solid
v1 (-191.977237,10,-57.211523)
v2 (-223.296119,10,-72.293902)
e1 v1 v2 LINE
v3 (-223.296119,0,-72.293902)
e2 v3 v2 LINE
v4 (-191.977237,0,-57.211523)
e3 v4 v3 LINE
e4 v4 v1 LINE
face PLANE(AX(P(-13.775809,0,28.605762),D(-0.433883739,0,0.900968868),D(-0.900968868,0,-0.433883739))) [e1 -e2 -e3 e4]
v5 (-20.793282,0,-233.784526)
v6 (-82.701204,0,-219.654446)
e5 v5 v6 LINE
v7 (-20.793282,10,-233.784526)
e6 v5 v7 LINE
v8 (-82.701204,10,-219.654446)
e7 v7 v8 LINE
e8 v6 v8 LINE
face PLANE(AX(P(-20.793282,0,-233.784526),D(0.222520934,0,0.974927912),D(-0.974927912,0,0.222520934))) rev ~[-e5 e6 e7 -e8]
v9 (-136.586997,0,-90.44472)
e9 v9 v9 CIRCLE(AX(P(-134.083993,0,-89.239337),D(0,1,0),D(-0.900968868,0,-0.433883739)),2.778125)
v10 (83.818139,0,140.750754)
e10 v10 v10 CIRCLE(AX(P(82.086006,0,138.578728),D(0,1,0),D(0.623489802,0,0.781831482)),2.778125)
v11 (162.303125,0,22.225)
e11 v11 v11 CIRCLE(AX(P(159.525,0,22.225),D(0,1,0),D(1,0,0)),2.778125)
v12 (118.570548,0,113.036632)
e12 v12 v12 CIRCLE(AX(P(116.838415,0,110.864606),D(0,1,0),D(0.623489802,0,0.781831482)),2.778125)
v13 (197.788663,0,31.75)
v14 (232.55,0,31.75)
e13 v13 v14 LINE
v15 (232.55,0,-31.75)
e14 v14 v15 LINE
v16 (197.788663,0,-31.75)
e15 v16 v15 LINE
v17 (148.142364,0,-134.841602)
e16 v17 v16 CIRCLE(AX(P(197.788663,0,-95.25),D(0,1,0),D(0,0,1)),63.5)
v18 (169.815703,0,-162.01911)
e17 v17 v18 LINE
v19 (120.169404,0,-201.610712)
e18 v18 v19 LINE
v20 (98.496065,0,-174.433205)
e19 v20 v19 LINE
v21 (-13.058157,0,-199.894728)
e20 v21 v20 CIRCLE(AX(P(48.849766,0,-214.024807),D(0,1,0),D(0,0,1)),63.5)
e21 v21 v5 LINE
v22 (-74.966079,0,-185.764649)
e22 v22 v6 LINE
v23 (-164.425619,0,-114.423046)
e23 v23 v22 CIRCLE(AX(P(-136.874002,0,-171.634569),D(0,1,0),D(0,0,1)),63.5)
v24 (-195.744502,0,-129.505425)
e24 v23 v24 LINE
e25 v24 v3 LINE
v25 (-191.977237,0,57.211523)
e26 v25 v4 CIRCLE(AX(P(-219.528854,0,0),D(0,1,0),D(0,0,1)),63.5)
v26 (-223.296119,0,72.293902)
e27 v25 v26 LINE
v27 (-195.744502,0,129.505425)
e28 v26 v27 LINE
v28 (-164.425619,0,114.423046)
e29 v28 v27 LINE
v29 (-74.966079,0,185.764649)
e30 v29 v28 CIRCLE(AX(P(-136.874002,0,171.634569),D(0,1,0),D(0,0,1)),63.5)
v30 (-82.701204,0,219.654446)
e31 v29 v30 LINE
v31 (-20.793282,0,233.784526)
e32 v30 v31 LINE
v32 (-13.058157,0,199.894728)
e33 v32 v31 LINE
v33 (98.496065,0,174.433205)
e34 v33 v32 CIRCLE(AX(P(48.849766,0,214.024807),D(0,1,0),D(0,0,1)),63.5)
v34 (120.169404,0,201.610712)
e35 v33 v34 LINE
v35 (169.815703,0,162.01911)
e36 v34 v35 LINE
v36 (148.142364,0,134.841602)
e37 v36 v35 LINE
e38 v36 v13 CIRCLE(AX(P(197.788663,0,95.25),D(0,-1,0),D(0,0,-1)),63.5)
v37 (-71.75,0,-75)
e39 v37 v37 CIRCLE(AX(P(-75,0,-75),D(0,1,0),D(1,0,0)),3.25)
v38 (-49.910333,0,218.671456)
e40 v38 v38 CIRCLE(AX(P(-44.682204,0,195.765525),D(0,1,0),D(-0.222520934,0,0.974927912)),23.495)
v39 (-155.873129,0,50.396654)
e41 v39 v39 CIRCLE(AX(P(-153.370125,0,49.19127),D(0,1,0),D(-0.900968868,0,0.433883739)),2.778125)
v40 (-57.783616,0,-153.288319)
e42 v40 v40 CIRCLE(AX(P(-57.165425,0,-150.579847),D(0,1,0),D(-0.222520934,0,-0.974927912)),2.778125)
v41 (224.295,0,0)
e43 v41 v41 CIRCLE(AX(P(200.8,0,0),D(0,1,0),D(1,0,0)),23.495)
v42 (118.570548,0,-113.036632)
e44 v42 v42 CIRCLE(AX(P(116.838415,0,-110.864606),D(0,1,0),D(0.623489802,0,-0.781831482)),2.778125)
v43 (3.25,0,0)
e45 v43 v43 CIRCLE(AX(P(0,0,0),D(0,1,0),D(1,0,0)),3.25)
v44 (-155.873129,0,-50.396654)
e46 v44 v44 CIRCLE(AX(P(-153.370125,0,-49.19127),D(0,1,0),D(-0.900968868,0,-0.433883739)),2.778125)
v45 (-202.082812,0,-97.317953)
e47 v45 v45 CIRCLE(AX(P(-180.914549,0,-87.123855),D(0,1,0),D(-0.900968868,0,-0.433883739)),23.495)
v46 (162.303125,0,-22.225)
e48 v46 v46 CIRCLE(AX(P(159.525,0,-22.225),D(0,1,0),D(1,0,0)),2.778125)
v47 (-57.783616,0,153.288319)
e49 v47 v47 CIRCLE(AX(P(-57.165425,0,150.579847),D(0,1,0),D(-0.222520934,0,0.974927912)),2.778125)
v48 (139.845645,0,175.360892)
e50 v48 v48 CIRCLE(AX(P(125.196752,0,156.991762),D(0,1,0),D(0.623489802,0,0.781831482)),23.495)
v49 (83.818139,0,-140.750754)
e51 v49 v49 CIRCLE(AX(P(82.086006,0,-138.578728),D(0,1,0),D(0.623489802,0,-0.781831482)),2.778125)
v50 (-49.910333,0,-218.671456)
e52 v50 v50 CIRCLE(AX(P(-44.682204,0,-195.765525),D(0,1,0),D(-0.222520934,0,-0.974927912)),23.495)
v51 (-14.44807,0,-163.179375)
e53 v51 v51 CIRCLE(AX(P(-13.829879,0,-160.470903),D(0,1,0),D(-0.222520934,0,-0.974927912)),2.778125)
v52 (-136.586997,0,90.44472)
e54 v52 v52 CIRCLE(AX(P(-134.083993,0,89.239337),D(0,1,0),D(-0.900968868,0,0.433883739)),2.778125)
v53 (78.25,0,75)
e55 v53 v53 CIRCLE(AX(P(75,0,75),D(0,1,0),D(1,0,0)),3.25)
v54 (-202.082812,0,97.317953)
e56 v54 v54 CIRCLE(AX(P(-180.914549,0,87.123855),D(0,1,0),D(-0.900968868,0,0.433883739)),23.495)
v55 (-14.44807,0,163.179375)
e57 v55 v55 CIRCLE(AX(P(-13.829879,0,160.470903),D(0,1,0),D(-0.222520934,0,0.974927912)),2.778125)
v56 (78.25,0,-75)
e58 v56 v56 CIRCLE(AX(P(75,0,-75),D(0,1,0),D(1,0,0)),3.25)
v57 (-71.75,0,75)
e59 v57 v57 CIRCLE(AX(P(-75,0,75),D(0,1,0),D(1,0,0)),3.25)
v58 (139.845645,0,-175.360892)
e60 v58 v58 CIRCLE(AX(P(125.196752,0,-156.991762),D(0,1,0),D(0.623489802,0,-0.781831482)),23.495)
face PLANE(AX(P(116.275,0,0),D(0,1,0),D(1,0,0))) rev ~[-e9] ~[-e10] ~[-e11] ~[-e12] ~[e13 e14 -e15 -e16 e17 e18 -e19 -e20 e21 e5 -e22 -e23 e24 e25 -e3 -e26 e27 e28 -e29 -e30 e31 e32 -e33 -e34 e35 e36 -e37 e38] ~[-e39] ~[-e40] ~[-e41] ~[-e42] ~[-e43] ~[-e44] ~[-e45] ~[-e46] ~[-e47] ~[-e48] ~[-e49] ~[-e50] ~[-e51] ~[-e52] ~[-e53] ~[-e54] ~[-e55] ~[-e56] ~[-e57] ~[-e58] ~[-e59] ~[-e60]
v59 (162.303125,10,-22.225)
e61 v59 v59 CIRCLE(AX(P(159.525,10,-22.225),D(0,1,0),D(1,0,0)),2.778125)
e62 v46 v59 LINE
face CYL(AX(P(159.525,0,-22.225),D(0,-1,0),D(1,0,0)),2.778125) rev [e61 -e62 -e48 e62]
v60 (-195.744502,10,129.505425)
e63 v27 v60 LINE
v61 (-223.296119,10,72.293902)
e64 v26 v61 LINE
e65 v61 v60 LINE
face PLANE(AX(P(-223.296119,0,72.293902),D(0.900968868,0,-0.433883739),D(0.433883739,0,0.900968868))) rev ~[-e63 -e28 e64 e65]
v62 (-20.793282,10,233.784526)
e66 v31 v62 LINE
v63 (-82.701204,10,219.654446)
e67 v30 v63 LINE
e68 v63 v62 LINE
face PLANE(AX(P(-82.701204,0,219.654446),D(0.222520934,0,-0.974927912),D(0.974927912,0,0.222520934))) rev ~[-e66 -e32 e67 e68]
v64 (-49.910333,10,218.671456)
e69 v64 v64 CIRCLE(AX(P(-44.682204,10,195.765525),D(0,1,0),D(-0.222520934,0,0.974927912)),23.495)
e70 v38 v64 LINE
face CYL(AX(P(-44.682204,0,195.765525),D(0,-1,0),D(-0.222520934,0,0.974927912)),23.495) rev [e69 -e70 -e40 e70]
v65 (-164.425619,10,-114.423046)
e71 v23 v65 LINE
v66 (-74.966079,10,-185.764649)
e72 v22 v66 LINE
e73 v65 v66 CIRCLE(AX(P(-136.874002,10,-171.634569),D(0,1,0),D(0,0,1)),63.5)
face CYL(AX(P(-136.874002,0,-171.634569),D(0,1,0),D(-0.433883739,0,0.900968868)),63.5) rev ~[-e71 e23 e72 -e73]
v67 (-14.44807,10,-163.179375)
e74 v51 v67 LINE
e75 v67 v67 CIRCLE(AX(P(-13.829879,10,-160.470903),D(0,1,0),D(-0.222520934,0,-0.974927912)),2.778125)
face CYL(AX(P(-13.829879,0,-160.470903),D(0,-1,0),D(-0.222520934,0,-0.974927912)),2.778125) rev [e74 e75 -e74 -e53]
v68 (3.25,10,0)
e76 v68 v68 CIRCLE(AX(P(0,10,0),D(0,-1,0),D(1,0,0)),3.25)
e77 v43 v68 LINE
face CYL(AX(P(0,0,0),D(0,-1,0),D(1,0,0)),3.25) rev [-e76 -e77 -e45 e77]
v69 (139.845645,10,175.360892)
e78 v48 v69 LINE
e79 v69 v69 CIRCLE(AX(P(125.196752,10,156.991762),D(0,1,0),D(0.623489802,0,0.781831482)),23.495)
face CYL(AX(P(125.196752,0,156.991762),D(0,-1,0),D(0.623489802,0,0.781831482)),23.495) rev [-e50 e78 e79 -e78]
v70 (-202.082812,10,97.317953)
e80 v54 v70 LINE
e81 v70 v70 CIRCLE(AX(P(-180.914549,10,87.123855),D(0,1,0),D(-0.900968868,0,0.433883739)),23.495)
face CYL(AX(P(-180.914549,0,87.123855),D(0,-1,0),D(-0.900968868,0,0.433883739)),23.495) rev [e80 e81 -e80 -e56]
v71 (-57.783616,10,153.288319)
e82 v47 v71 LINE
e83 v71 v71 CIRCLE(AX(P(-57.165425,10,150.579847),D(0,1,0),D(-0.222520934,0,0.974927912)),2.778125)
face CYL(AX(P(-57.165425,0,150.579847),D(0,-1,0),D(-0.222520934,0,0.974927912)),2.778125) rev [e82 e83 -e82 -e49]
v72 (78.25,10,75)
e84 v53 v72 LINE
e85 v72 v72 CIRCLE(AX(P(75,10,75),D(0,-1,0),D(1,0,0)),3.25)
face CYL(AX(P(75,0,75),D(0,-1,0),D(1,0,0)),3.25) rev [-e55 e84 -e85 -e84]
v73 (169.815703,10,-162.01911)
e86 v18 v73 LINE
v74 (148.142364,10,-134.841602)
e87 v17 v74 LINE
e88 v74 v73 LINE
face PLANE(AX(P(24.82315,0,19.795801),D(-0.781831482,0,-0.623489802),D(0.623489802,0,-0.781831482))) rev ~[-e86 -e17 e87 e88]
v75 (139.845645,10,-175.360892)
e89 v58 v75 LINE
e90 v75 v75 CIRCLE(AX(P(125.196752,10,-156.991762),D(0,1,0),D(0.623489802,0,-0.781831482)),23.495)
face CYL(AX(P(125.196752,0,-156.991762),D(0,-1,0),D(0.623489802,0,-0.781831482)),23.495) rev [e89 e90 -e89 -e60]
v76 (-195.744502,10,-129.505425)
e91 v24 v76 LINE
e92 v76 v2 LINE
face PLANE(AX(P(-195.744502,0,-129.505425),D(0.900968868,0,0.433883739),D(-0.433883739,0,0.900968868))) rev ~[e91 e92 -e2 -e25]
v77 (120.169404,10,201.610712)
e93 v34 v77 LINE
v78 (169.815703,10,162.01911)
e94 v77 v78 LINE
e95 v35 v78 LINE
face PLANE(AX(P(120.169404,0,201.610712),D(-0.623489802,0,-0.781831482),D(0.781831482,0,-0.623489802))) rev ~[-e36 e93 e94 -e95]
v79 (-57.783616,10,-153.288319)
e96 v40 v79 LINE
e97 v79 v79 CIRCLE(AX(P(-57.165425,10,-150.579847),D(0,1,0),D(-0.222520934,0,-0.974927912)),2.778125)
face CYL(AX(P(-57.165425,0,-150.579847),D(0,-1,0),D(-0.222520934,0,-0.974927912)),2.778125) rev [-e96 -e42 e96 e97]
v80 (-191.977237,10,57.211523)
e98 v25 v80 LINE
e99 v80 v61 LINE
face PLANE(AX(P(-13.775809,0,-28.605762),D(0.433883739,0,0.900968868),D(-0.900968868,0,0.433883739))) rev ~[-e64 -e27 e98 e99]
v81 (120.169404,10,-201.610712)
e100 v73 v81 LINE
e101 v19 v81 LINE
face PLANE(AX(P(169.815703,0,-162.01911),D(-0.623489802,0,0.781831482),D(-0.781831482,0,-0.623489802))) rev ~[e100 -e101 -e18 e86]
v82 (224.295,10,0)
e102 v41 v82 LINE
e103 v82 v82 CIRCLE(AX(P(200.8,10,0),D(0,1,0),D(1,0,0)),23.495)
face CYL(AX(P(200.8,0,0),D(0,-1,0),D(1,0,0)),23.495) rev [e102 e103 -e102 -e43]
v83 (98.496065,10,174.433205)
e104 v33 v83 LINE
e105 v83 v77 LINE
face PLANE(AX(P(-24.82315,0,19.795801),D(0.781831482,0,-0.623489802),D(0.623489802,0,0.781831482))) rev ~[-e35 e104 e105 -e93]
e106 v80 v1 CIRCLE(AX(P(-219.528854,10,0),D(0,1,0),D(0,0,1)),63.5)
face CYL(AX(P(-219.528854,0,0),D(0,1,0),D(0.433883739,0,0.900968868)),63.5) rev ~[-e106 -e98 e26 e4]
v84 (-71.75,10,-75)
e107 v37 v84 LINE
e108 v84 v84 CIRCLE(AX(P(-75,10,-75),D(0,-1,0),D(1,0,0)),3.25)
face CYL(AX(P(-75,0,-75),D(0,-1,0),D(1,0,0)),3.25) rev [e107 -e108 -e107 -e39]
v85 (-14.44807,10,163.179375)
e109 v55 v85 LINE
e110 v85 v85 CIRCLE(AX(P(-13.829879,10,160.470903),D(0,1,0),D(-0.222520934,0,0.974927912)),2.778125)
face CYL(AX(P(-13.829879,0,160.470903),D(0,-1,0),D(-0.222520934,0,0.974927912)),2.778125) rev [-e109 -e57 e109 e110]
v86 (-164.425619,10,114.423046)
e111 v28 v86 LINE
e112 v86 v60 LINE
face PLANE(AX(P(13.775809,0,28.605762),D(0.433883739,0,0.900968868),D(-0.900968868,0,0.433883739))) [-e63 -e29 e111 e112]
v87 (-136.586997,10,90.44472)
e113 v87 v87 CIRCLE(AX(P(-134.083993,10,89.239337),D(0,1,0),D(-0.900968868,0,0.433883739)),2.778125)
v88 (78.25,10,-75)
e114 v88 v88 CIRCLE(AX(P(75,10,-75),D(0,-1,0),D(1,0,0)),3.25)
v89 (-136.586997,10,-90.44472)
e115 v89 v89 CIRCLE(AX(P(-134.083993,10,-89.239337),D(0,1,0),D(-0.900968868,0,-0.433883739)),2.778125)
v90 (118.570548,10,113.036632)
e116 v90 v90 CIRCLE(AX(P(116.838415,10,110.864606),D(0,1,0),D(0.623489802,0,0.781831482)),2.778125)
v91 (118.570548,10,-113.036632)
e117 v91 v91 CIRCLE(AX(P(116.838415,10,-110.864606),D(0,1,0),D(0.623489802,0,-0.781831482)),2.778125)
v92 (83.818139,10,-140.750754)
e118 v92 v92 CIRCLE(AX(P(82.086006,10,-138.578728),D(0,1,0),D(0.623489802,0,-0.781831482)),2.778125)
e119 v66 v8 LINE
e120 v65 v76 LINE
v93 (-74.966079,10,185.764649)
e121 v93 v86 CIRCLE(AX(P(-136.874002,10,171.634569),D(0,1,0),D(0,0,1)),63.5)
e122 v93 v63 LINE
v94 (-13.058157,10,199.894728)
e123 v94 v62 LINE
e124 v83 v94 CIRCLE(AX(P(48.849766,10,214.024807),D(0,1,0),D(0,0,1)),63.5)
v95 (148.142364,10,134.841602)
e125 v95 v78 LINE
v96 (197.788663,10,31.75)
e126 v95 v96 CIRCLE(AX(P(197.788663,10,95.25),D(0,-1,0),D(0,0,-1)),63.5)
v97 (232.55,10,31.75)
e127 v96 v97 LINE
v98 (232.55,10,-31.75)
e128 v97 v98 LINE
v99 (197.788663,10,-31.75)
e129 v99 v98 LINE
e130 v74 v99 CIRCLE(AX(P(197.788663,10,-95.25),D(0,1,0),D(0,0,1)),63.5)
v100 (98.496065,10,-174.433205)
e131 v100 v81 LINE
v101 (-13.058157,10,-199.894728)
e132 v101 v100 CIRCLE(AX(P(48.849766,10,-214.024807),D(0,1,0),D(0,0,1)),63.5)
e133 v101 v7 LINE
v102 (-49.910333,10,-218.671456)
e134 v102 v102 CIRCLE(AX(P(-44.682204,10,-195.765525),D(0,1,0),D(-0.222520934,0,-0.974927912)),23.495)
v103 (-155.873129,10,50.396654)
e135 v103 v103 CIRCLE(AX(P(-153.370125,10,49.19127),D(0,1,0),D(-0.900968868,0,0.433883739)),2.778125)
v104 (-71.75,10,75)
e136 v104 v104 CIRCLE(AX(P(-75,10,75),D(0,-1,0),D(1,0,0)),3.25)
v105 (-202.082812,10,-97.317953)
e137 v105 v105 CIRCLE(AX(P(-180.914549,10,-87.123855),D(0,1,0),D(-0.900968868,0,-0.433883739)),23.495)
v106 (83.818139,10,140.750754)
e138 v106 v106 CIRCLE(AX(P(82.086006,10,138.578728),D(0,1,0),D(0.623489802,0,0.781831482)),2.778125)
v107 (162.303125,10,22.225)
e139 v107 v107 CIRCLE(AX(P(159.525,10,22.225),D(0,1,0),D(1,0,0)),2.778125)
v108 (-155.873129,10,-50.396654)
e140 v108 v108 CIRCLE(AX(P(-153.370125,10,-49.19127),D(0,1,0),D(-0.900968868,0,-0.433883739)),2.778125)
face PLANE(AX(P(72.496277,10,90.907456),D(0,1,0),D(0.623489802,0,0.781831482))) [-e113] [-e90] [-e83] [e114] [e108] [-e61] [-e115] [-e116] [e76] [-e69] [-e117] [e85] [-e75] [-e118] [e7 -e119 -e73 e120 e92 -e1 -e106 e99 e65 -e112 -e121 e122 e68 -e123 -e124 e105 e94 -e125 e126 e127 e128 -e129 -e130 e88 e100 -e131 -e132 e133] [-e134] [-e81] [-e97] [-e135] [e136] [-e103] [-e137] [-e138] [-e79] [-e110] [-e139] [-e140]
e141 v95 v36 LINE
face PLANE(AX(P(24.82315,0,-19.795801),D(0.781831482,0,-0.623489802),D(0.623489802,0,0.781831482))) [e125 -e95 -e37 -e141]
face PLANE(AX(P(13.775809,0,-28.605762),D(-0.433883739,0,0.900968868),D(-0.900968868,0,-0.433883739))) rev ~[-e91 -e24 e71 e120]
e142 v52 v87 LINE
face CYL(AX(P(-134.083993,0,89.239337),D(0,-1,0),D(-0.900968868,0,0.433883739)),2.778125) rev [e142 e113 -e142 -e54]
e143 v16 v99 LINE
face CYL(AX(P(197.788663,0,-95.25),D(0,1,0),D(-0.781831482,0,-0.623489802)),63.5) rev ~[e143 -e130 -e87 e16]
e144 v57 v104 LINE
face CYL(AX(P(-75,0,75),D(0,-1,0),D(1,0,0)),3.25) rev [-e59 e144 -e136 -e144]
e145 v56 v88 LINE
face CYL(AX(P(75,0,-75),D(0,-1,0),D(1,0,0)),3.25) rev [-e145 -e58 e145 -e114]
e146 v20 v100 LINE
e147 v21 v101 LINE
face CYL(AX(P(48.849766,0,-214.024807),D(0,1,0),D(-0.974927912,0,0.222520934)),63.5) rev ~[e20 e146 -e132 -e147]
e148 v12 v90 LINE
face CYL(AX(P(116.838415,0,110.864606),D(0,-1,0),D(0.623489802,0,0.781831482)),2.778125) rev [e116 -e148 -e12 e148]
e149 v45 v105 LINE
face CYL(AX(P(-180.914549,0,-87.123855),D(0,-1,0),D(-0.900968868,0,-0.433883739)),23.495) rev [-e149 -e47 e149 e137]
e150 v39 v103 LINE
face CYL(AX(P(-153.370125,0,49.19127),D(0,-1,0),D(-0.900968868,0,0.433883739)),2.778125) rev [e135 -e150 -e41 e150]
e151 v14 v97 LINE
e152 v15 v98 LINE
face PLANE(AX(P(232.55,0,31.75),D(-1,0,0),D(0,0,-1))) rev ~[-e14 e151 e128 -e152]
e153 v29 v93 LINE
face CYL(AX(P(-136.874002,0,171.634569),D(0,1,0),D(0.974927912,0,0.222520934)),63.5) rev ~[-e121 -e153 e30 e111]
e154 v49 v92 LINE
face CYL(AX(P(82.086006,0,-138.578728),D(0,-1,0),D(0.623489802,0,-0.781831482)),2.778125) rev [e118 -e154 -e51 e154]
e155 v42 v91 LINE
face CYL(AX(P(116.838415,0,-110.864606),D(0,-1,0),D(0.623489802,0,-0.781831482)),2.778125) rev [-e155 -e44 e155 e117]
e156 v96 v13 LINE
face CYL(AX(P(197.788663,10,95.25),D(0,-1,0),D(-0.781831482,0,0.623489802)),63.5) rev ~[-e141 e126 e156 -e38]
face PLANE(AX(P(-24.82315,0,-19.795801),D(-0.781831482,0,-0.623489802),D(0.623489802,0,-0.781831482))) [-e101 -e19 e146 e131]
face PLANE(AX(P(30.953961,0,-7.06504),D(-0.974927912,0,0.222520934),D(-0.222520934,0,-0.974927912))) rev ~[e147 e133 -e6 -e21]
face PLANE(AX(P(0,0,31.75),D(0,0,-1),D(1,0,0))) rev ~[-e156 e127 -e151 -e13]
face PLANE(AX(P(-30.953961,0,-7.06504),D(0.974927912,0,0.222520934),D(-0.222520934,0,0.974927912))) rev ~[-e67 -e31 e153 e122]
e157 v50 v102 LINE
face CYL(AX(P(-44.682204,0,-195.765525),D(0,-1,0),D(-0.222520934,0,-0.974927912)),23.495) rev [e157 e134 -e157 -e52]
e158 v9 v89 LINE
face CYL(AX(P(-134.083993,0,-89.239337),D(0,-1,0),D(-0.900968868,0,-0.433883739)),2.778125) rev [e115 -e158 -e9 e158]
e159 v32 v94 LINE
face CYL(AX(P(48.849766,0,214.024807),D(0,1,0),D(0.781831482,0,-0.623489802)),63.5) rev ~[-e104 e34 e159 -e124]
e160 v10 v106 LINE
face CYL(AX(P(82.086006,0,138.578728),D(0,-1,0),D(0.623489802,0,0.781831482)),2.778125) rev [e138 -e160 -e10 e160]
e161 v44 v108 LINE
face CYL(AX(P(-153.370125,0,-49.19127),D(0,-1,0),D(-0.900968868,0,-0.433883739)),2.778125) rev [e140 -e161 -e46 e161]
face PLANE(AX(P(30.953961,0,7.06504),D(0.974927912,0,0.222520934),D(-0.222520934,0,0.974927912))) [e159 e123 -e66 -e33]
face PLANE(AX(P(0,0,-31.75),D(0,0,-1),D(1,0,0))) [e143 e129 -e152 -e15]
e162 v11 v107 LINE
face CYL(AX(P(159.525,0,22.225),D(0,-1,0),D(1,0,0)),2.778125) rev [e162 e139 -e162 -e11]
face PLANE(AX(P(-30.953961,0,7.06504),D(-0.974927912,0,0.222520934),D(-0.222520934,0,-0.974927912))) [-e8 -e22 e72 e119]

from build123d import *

# Parameters (mm, degrees)
SKETCH3_W           = 232.55
SKETCH3_H           = 63.5
SKETCH3_R           = 2.778125
SKETCH3_R_2         = 23.495
BOSS_EXTRUDE1_DEPTH = 10
CIRPATTERN1_COUNT   = 7
FILLET1_R           = 63.5
SKETCH4_R           = 3.25
CUT_EXTRUDE1_DEPTH  = 11


with BuildPart() as part:
    # Sketch3 → Boss-Extrude1 (new body)
    with BuildSketch(Plane(origin=(0, 0, 0), x_dir=(1, 0, 0), z_dir=(0, 1, 0))):
        with Locations((116.275, 0)):
            Rectangle(SKETCH3_W, SKETCH3_H)
        with Locations((159.525, 22.225)):
            Circle(SKETCH3_R, mode=Mode.SUBTRACT)
        with Locations((159.525, -22.225)):
            Circle(SKETCH3_R, mode=Mode.SUBTRACT)
        with Locations((200.8, 0)):
            Circle(SKETCH3_R_2, mode=Mode.SUBTRACT)
    boss_extrude1 = extrude(amount=BOSS_EXTRUDE1_DEPTH)

    # CirPattern1: Boss-Extrude1 ×7 about axis
    cirpattern1_axis = Axis((0, 0, 0), (0, 1, 0))
    for i in range(1, CIRPATTERN1_COUNT):
        add(boss_extrude1.rotate(cirpattern1_axis, i * 360 / CIRPATTERN1_COUNT))

    # Fillet1
    fillet1_edges = [part.edges().sort_by_distance(p)[0] for p in [
        (65.929554341, 5, 31.75),
        (65.929554341, 5, -31.75),
        (16.283255204, 5, 71.341602418),
        (-45.624667219, 5, 57.211523112),
        (-73.176284653, 5, 0),
        (-45.624667219, 5, -57.211523112),
        (16.283255204, 5, -71.341602418),
    ]]
    fillet(fillet1_edges, radius=FILLET1_R)

    # Sketch4 → Cut-Extrude1 (cut, through all)
    with BuildSketch(Plane(origin=(0, 0, 0), x_dir=(1, 0, 0), z_dir=(0, 1, 0))):
        with Locations((75, 75)):
            Circle(SKETCH4_R)
        with Locations((75, -75)):
            Circle(SKETCH4_R)
        with Locations((-75, -75)):
            Circle(SKETCH4_R)
        with Locations((-75, 75)):
            Circle(SKETCH4_R)
        Circle(SKETCH4_R)
    extrude(amount=CUT_EXTRUDE1_DEPTH, mode=Mode.SUBTRACT)


solid = part.part
